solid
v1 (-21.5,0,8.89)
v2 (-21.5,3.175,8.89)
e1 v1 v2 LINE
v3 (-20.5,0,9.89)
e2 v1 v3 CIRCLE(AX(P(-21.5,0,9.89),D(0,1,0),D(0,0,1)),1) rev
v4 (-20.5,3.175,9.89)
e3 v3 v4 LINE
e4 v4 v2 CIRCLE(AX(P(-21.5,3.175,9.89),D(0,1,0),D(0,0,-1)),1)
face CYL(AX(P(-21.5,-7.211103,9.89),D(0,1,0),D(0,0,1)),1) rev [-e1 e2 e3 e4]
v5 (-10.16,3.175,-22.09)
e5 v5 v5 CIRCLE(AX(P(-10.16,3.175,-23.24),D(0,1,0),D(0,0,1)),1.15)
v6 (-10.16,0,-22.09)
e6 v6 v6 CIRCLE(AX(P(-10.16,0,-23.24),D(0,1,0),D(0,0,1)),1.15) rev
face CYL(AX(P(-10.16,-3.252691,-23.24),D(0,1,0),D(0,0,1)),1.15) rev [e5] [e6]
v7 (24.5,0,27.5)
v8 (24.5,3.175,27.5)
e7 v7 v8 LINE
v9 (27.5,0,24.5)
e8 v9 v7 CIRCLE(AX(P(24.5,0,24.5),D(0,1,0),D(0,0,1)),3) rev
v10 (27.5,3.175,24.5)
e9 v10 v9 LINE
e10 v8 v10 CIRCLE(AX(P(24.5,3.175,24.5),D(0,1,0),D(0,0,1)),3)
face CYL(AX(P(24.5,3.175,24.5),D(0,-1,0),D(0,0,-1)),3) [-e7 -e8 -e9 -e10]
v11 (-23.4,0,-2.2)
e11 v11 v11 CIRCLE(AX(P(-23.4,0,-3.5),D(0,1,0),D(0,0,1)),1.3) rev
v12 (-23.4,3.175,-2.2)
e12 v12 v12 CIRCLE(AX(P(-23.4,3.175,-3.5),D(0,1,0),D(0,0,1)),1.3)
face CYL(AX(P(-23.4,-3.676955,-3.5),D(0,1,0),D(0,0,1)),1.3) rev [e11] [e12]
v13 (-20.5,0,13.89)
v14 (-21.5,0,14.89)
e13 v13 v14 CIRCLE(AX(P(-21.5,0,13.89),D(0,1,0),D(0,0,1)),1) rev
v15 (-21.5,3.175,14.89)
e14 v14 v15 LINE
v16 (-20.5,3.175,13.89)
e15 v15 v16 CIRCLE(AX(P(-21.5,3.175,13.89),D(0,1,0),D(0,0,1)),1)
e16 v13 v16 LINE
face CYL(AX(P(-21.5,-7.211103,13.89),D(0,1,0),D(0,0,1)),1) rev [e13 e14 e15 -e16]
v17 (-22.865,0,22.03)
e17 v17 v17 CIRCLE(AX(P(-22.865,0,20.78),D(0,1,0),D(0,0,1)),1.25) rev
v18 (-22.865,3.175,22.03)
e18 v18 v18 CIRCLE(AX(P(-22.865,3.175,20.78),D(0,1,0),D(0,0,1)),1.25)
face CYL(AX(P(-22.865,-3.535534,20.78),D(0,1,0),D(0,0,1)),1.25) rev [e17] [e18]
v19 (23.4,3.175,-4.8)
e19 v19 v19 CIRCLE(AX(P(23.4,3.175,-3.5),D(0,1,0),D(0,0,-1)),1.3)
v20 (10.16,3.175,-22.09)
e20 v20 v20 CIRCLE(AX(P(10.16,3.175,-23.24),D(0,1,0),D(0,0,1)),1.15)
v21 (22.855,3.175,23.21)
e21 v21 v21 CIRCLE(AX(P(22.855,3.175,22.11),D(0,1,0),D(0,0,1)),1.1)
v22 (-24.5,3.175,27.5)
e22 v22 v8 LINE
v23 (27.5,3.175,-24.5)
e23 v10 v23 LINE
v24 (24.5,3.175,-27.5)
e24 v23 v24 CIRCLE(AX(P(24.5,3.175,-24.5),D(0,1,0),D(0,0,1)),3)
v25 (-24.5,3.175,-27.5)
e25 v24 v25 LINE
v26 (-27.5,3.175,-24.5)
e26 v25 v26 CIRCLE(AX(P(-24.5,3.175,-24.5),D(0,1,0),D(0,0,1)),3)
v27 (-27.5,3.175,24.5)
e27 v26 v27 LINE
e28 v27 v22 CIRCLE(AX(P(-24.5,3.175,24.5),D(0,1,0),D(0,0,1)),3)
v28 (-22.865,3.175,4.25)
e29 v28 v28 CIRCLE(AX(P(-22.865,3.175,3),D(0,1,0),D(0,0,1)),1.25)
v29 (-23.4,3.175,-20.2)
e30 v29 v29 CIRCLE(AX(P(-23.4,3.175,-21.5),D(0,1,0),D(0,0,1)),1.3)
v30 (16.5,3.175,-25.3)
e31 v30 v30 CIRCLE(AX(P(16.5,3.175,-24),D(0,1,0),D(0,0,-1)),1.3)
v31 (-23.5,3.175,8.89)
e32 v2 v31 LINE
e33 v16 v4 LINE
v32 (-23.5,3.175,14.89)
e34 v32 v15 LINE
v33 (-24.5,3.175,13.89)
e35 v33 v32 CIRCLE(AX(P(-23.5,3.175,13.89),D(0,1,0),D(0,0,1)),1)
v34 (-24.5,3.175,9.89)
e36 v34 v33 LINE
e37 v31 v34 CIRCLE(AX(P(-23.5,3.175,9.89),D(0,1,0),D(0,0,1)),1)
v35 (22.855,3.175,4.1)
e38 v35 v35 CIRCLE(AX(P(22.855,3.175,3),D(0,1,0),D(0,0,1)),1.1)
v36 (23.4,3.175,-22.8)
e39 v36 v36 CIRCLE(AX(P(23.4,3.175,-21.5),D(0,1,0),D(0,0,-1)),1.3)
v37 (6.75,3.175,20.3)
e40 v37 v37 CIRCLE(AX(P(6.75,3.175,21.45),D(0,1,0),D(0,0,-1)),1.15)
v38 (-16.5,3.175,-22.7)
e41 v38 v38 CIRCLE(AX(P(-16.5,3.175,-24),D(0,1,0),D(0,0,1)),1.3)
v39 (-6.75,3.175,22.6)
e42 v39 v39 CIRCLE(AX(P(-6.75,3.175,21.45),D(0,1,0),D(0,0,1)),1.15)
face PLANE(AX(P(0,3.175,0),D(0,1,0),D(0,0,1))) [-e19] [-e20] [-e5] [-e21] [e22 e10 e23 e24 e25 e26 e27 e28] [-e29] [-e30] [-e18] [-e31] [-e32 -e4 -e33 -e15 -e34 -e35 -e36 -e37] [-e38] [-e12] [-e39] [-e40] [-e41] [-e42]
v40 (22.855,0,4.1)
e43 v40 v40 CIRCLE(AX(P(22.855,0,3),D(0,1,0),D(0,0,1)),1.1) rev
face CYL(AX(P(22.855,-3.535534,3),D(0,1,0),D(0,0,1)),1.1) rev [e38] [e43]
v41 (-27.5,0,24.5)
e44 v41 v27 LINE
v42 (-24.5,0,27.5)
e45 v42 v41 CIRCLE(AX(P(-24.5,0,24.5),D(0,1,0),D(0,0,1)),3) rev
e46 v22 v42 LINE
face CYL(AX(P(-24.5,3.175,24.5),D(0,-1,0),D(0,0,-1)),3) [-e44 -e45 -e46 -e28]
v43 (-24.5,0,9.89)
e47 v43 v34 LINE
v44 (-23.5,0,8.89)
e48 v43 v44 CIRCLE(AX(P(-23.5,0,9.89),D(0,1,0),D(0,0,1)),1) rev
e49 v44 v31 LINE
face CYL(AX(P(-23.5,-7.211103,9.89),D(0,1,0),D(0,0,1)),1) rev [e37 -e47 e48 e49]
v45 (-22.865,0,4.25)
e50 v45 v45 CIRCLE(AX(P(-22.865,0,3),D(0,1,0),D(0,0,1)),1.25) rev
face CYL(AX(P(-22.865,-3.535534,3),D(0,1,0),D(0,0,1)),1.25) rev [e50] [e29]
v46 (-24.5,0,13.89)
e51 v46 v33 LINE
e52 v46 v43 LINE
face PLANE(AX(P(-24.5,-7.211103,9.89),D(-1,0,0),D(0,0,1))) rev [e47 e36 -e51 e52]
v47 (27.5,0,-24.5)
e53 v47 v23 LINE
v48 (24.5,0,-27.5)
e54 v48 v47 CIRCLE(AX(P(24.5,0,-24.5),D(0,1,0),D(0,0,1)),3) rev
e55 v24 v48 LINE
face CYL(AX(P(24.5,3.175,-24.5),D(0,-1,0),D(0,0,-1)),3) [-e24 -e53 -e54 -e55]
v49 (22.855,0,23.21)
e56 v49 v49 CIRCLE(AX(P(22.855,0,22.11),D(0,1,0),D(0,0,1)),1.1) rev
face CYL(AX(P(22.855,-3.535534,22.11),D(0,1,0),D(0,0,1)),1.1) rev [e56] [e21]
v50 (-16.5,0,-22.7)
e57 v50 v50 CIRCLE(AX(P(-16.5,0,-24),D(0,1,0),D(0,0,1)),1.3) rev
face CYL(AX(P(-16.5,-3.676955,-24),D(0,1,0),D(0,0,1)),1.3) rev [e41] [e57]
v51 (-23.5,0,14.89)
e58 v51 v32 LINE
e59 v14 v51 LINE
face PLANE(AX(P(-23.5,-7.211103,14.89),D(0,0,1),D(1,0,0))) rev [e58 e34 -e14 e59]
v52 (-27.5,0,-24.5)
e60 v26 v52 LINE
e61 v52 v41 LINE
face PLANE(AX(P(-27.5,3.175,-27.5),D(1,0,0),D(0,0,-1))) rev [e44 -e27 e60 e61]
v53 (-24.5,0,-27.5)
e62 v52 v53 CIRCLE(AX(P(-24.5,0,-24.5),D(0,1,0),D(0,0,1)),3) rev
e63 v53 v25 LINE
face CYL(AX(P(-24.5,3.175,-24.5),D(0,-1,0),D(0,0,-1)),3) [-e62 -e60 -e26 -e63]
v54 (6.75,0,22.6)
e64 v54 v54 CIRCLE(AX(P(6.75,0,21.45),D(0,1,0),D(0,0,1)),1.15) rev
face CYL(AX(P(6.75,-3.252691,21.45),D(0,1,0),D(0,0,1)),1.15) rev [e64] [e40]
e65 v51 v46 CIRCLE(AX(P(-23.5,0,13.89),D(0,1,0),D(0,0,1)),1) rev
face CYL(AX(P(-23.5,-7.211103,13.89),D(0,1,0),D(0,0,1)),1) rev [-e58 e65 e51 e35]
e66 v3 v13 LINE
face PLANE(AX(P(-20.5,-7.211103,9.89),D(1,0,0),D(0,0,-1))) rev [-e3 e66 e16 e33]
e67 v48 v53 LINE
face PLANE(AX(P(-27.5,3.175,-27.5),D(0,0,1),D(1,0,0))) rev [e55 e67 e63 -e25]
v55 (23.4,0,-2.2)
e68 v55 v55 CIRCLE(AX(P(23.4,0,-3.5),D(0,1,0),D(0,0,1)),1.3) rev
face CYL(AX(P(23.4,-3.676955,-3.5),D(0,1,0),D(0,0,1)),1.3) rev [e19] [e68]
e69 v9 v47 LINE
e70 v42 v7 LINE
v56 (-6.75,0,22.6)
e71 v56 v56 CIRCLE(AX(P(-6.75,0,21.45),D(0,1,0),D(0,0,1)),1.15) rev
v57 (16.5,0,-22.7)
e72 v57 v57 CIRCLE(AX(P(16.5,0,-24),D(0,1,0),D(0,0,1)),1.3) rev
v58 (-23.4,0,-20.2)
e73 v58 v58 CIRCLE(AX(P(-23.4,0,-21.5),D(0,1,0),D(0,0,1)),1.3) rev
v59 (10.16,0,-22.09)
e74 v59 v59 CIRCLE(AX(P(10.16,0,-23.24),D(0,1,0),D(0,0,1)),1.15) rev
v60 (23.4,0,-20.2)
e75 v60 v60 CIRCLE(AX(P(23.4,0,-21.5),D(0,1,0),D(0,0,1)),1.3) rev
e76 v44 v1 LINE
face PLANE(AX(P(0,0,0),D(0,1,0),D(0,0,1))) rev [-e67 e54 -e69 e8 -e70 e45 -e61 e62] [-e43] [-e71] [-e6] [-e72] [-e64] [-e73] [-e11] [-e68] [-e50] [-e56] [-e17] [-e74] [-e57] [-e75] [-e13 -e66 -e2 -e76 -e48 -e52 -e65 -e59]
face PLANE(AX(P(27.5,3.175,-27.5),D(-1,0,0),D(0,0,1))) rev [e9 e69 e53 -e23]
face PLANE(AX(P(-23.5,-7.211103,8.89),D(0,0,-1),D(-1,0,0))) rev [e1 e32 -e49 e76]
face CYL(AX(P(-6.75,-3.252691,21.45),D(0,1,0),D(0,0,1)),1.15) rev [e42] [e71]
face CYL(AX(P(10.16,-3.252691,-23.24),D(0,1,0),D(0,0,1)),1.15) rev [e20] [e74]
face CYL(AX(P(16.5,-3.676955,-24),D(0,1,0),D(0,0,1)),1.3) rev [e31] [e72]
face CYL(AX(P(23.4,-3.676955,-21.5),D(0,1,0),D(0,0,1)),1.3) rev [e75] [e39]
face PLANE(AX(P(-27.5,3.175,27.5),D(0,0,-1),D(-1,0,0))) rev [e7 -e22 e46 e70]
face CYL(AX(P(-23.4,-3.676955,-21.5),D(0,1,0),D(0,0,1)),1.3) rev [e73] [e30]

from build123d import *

# Parameters (mm, degrees)
SKETCH1_W           = 55
SKETCH1_H           = 55
BOSS_EXTRUDE1_DEPTH = 3.175
SKETCH2_R           = 1.3
CUT_EXTRUDE1_DEPTH  = 3.175
FILLET1_R           = 3
SKETCH3_R           = 1.25
SKETCH3_R_2         = 1.1
CUT_EXTRUDE2_DEPTH  = 3.175
SKETCH4_R           = 1.15
CUT_EXTRUDE3_DEPTH  = 3.175
SKETCH5_R           = 1.15
CUT_EXTRUDE4_DEPTH  = 3.175
SKETCH6_R           = 1.3
CUT_EXTRUDE5_DEPTH  = 3.175
CUT_EXTRUDE6_DEPTH  = 3.175


with BuildPart() as part:
    # Sketch1 → Boss-Extrude1 (new body)
    with BuildSketch(Plane(origin=(0, 0, 0), x_dir=(1, 0, 0), z_dir=(0, 1, 0))):
        Rectangle(SKETCH1_W, SKETCH1_H)
    extrude(amount=BOSS_EXTRUDE1_DEPTH)

    # Sketch2 → Cut-Extrude1 (cut)
    with BuildSketch(Plane(origin=(0, 3.175, 0), x_dir=(1, 0, 0), z_dir=(0, 1, 0))):
        with Locations((-23.4, 21.5)):
            Circle(SKETCH2_R)
        with Locations((-23.4, 3.5)):
            Circle(SKETCH2_R)
        with Locations((23.4, 3.5)):
            Circle(SKETCH2_R)
        with Locations((23.4, 21.5)):
            Circle(SKETCH2_R)
    extrude(amount=-CUT_EXTRUDE1_DEPTH, mode=Mode.SUBTRACT)

    # Fillet1
    fillet1_edges = [part.edges().sort_by_distance(p)[0] for p in [
        (27.5, 1.5875, 27.5),
        (-27.5, 1.5875, 27.5),
        (-27.5, 1.5875, -27.5),
        (27.5, 1.5875, -27.5),
    ]]
    fillet(fillet1_edges, radius=FILLET1_R)

    # Sketch3 → Cut-Extrude2 (cut)
    with BuildSketch(Plane(origin=(0, 3.175, 0), x_dir=(1, 0, 0), z_dir=(0, 1, 0))):
        with Locations((-22.865, -3)):
            Circle(SKETCH3_R)
        with Locations((22.855, -3)):
            Circle(SKETCH3_R_2)
        with Locations((22.855, -22.11)):
            Circle(SKETCH3_R_2)
        with Locations((-22.865, -20.78)):
            Circle(SKETCH3_R)
    extrude(amount=-CUT_EXTRUDE2_DEPTH, mode=Mode.SUBTRACT)

    # Sketch4 → Cut-Extrude3 (cut)
    with BuildSketch(Plane(origin=(0, 3.175, 0), x_dir=(1, 0, 0), z_dir=(0, 1, 0))):
        with Locations((-10.16, 23.24)):
            Circle(SKETCH4_R)
        with Locations((10.16, 23.24)):
            Circle(SKETCH4_R)
    extrude(amount=-CUT_EXTRUDE3_DEPTH, mode=Mode.SUBTRACT)

    # Sketch5 → Cut-Extrude4 (cut)
    with BuildSketch(Plane(origin=(0, 3.175, 0), x_dir=(1, 0, 0), z_dir=(0, 1, 0))):
        with Locations((-6.75, -21.45)):
            Circle(SKETCH5_R)
        with Locations((6.75, -21.45)):
            Circle(SKETCH5_R)
    extrude(amount=-CUT_EXTRUDE4_DEPTH, mode=Mode.SUBTRACT)

    # Sketch6 → Cut-Extrude5 (cut)
    with BuildSketch(Plane(origin=(0, 3.175, 0), x_dir=(1, 0, 0), z_dir=(0, 1, 0))):
        with Locations((-16.5, 24)):
            Circle(SKETCH6_R)
        with Locations((16.5, 24)):
            Circle(SKETCH6_R)
    extrude(amount=-CUT_EXTRUDE5_DEPTH, mode=Mode.SUBTRACT)

    # Sketch7 → Cut-Extrude6 (cut)
    with BuildSketch(Plane(origin=(0, 3.175, 0), x_dir=(1, 0, 0), z_dir=(0, 1, 0))):
        with BuildLine():
            Line((-23.5, -8.89), (-21.5, -8.89))
            ThreePointArc((-21.5, -8.89), (-20.792893219, -9.182893219), (-20.5, -9.89))
            Line((-20.5, -9.89), (-20.5, -13.89))
            ThreePointArc((-20.5, -13.89), (-20.792893219, -14.597106781), (-21.5, -14.89))
            Line((-21.5, -14.89), (-23.5, -14.89))
            ThreePointArc((-23.5, -14.89), (-24.207106781, -14.597106781), (-24.5, -13.89))
            Line((-24.5, -13.89), (-24.5, -9.89))
            ThreePointArc((-24.5, -9.89), (-24.207106781, -9.182893219), (-23.5, -8.89))
        make_face()
    extrude(amount=-CUT_EXTRUDE6_DEPTH, mode=Mode.SUBTRACT)


solid = part.part
